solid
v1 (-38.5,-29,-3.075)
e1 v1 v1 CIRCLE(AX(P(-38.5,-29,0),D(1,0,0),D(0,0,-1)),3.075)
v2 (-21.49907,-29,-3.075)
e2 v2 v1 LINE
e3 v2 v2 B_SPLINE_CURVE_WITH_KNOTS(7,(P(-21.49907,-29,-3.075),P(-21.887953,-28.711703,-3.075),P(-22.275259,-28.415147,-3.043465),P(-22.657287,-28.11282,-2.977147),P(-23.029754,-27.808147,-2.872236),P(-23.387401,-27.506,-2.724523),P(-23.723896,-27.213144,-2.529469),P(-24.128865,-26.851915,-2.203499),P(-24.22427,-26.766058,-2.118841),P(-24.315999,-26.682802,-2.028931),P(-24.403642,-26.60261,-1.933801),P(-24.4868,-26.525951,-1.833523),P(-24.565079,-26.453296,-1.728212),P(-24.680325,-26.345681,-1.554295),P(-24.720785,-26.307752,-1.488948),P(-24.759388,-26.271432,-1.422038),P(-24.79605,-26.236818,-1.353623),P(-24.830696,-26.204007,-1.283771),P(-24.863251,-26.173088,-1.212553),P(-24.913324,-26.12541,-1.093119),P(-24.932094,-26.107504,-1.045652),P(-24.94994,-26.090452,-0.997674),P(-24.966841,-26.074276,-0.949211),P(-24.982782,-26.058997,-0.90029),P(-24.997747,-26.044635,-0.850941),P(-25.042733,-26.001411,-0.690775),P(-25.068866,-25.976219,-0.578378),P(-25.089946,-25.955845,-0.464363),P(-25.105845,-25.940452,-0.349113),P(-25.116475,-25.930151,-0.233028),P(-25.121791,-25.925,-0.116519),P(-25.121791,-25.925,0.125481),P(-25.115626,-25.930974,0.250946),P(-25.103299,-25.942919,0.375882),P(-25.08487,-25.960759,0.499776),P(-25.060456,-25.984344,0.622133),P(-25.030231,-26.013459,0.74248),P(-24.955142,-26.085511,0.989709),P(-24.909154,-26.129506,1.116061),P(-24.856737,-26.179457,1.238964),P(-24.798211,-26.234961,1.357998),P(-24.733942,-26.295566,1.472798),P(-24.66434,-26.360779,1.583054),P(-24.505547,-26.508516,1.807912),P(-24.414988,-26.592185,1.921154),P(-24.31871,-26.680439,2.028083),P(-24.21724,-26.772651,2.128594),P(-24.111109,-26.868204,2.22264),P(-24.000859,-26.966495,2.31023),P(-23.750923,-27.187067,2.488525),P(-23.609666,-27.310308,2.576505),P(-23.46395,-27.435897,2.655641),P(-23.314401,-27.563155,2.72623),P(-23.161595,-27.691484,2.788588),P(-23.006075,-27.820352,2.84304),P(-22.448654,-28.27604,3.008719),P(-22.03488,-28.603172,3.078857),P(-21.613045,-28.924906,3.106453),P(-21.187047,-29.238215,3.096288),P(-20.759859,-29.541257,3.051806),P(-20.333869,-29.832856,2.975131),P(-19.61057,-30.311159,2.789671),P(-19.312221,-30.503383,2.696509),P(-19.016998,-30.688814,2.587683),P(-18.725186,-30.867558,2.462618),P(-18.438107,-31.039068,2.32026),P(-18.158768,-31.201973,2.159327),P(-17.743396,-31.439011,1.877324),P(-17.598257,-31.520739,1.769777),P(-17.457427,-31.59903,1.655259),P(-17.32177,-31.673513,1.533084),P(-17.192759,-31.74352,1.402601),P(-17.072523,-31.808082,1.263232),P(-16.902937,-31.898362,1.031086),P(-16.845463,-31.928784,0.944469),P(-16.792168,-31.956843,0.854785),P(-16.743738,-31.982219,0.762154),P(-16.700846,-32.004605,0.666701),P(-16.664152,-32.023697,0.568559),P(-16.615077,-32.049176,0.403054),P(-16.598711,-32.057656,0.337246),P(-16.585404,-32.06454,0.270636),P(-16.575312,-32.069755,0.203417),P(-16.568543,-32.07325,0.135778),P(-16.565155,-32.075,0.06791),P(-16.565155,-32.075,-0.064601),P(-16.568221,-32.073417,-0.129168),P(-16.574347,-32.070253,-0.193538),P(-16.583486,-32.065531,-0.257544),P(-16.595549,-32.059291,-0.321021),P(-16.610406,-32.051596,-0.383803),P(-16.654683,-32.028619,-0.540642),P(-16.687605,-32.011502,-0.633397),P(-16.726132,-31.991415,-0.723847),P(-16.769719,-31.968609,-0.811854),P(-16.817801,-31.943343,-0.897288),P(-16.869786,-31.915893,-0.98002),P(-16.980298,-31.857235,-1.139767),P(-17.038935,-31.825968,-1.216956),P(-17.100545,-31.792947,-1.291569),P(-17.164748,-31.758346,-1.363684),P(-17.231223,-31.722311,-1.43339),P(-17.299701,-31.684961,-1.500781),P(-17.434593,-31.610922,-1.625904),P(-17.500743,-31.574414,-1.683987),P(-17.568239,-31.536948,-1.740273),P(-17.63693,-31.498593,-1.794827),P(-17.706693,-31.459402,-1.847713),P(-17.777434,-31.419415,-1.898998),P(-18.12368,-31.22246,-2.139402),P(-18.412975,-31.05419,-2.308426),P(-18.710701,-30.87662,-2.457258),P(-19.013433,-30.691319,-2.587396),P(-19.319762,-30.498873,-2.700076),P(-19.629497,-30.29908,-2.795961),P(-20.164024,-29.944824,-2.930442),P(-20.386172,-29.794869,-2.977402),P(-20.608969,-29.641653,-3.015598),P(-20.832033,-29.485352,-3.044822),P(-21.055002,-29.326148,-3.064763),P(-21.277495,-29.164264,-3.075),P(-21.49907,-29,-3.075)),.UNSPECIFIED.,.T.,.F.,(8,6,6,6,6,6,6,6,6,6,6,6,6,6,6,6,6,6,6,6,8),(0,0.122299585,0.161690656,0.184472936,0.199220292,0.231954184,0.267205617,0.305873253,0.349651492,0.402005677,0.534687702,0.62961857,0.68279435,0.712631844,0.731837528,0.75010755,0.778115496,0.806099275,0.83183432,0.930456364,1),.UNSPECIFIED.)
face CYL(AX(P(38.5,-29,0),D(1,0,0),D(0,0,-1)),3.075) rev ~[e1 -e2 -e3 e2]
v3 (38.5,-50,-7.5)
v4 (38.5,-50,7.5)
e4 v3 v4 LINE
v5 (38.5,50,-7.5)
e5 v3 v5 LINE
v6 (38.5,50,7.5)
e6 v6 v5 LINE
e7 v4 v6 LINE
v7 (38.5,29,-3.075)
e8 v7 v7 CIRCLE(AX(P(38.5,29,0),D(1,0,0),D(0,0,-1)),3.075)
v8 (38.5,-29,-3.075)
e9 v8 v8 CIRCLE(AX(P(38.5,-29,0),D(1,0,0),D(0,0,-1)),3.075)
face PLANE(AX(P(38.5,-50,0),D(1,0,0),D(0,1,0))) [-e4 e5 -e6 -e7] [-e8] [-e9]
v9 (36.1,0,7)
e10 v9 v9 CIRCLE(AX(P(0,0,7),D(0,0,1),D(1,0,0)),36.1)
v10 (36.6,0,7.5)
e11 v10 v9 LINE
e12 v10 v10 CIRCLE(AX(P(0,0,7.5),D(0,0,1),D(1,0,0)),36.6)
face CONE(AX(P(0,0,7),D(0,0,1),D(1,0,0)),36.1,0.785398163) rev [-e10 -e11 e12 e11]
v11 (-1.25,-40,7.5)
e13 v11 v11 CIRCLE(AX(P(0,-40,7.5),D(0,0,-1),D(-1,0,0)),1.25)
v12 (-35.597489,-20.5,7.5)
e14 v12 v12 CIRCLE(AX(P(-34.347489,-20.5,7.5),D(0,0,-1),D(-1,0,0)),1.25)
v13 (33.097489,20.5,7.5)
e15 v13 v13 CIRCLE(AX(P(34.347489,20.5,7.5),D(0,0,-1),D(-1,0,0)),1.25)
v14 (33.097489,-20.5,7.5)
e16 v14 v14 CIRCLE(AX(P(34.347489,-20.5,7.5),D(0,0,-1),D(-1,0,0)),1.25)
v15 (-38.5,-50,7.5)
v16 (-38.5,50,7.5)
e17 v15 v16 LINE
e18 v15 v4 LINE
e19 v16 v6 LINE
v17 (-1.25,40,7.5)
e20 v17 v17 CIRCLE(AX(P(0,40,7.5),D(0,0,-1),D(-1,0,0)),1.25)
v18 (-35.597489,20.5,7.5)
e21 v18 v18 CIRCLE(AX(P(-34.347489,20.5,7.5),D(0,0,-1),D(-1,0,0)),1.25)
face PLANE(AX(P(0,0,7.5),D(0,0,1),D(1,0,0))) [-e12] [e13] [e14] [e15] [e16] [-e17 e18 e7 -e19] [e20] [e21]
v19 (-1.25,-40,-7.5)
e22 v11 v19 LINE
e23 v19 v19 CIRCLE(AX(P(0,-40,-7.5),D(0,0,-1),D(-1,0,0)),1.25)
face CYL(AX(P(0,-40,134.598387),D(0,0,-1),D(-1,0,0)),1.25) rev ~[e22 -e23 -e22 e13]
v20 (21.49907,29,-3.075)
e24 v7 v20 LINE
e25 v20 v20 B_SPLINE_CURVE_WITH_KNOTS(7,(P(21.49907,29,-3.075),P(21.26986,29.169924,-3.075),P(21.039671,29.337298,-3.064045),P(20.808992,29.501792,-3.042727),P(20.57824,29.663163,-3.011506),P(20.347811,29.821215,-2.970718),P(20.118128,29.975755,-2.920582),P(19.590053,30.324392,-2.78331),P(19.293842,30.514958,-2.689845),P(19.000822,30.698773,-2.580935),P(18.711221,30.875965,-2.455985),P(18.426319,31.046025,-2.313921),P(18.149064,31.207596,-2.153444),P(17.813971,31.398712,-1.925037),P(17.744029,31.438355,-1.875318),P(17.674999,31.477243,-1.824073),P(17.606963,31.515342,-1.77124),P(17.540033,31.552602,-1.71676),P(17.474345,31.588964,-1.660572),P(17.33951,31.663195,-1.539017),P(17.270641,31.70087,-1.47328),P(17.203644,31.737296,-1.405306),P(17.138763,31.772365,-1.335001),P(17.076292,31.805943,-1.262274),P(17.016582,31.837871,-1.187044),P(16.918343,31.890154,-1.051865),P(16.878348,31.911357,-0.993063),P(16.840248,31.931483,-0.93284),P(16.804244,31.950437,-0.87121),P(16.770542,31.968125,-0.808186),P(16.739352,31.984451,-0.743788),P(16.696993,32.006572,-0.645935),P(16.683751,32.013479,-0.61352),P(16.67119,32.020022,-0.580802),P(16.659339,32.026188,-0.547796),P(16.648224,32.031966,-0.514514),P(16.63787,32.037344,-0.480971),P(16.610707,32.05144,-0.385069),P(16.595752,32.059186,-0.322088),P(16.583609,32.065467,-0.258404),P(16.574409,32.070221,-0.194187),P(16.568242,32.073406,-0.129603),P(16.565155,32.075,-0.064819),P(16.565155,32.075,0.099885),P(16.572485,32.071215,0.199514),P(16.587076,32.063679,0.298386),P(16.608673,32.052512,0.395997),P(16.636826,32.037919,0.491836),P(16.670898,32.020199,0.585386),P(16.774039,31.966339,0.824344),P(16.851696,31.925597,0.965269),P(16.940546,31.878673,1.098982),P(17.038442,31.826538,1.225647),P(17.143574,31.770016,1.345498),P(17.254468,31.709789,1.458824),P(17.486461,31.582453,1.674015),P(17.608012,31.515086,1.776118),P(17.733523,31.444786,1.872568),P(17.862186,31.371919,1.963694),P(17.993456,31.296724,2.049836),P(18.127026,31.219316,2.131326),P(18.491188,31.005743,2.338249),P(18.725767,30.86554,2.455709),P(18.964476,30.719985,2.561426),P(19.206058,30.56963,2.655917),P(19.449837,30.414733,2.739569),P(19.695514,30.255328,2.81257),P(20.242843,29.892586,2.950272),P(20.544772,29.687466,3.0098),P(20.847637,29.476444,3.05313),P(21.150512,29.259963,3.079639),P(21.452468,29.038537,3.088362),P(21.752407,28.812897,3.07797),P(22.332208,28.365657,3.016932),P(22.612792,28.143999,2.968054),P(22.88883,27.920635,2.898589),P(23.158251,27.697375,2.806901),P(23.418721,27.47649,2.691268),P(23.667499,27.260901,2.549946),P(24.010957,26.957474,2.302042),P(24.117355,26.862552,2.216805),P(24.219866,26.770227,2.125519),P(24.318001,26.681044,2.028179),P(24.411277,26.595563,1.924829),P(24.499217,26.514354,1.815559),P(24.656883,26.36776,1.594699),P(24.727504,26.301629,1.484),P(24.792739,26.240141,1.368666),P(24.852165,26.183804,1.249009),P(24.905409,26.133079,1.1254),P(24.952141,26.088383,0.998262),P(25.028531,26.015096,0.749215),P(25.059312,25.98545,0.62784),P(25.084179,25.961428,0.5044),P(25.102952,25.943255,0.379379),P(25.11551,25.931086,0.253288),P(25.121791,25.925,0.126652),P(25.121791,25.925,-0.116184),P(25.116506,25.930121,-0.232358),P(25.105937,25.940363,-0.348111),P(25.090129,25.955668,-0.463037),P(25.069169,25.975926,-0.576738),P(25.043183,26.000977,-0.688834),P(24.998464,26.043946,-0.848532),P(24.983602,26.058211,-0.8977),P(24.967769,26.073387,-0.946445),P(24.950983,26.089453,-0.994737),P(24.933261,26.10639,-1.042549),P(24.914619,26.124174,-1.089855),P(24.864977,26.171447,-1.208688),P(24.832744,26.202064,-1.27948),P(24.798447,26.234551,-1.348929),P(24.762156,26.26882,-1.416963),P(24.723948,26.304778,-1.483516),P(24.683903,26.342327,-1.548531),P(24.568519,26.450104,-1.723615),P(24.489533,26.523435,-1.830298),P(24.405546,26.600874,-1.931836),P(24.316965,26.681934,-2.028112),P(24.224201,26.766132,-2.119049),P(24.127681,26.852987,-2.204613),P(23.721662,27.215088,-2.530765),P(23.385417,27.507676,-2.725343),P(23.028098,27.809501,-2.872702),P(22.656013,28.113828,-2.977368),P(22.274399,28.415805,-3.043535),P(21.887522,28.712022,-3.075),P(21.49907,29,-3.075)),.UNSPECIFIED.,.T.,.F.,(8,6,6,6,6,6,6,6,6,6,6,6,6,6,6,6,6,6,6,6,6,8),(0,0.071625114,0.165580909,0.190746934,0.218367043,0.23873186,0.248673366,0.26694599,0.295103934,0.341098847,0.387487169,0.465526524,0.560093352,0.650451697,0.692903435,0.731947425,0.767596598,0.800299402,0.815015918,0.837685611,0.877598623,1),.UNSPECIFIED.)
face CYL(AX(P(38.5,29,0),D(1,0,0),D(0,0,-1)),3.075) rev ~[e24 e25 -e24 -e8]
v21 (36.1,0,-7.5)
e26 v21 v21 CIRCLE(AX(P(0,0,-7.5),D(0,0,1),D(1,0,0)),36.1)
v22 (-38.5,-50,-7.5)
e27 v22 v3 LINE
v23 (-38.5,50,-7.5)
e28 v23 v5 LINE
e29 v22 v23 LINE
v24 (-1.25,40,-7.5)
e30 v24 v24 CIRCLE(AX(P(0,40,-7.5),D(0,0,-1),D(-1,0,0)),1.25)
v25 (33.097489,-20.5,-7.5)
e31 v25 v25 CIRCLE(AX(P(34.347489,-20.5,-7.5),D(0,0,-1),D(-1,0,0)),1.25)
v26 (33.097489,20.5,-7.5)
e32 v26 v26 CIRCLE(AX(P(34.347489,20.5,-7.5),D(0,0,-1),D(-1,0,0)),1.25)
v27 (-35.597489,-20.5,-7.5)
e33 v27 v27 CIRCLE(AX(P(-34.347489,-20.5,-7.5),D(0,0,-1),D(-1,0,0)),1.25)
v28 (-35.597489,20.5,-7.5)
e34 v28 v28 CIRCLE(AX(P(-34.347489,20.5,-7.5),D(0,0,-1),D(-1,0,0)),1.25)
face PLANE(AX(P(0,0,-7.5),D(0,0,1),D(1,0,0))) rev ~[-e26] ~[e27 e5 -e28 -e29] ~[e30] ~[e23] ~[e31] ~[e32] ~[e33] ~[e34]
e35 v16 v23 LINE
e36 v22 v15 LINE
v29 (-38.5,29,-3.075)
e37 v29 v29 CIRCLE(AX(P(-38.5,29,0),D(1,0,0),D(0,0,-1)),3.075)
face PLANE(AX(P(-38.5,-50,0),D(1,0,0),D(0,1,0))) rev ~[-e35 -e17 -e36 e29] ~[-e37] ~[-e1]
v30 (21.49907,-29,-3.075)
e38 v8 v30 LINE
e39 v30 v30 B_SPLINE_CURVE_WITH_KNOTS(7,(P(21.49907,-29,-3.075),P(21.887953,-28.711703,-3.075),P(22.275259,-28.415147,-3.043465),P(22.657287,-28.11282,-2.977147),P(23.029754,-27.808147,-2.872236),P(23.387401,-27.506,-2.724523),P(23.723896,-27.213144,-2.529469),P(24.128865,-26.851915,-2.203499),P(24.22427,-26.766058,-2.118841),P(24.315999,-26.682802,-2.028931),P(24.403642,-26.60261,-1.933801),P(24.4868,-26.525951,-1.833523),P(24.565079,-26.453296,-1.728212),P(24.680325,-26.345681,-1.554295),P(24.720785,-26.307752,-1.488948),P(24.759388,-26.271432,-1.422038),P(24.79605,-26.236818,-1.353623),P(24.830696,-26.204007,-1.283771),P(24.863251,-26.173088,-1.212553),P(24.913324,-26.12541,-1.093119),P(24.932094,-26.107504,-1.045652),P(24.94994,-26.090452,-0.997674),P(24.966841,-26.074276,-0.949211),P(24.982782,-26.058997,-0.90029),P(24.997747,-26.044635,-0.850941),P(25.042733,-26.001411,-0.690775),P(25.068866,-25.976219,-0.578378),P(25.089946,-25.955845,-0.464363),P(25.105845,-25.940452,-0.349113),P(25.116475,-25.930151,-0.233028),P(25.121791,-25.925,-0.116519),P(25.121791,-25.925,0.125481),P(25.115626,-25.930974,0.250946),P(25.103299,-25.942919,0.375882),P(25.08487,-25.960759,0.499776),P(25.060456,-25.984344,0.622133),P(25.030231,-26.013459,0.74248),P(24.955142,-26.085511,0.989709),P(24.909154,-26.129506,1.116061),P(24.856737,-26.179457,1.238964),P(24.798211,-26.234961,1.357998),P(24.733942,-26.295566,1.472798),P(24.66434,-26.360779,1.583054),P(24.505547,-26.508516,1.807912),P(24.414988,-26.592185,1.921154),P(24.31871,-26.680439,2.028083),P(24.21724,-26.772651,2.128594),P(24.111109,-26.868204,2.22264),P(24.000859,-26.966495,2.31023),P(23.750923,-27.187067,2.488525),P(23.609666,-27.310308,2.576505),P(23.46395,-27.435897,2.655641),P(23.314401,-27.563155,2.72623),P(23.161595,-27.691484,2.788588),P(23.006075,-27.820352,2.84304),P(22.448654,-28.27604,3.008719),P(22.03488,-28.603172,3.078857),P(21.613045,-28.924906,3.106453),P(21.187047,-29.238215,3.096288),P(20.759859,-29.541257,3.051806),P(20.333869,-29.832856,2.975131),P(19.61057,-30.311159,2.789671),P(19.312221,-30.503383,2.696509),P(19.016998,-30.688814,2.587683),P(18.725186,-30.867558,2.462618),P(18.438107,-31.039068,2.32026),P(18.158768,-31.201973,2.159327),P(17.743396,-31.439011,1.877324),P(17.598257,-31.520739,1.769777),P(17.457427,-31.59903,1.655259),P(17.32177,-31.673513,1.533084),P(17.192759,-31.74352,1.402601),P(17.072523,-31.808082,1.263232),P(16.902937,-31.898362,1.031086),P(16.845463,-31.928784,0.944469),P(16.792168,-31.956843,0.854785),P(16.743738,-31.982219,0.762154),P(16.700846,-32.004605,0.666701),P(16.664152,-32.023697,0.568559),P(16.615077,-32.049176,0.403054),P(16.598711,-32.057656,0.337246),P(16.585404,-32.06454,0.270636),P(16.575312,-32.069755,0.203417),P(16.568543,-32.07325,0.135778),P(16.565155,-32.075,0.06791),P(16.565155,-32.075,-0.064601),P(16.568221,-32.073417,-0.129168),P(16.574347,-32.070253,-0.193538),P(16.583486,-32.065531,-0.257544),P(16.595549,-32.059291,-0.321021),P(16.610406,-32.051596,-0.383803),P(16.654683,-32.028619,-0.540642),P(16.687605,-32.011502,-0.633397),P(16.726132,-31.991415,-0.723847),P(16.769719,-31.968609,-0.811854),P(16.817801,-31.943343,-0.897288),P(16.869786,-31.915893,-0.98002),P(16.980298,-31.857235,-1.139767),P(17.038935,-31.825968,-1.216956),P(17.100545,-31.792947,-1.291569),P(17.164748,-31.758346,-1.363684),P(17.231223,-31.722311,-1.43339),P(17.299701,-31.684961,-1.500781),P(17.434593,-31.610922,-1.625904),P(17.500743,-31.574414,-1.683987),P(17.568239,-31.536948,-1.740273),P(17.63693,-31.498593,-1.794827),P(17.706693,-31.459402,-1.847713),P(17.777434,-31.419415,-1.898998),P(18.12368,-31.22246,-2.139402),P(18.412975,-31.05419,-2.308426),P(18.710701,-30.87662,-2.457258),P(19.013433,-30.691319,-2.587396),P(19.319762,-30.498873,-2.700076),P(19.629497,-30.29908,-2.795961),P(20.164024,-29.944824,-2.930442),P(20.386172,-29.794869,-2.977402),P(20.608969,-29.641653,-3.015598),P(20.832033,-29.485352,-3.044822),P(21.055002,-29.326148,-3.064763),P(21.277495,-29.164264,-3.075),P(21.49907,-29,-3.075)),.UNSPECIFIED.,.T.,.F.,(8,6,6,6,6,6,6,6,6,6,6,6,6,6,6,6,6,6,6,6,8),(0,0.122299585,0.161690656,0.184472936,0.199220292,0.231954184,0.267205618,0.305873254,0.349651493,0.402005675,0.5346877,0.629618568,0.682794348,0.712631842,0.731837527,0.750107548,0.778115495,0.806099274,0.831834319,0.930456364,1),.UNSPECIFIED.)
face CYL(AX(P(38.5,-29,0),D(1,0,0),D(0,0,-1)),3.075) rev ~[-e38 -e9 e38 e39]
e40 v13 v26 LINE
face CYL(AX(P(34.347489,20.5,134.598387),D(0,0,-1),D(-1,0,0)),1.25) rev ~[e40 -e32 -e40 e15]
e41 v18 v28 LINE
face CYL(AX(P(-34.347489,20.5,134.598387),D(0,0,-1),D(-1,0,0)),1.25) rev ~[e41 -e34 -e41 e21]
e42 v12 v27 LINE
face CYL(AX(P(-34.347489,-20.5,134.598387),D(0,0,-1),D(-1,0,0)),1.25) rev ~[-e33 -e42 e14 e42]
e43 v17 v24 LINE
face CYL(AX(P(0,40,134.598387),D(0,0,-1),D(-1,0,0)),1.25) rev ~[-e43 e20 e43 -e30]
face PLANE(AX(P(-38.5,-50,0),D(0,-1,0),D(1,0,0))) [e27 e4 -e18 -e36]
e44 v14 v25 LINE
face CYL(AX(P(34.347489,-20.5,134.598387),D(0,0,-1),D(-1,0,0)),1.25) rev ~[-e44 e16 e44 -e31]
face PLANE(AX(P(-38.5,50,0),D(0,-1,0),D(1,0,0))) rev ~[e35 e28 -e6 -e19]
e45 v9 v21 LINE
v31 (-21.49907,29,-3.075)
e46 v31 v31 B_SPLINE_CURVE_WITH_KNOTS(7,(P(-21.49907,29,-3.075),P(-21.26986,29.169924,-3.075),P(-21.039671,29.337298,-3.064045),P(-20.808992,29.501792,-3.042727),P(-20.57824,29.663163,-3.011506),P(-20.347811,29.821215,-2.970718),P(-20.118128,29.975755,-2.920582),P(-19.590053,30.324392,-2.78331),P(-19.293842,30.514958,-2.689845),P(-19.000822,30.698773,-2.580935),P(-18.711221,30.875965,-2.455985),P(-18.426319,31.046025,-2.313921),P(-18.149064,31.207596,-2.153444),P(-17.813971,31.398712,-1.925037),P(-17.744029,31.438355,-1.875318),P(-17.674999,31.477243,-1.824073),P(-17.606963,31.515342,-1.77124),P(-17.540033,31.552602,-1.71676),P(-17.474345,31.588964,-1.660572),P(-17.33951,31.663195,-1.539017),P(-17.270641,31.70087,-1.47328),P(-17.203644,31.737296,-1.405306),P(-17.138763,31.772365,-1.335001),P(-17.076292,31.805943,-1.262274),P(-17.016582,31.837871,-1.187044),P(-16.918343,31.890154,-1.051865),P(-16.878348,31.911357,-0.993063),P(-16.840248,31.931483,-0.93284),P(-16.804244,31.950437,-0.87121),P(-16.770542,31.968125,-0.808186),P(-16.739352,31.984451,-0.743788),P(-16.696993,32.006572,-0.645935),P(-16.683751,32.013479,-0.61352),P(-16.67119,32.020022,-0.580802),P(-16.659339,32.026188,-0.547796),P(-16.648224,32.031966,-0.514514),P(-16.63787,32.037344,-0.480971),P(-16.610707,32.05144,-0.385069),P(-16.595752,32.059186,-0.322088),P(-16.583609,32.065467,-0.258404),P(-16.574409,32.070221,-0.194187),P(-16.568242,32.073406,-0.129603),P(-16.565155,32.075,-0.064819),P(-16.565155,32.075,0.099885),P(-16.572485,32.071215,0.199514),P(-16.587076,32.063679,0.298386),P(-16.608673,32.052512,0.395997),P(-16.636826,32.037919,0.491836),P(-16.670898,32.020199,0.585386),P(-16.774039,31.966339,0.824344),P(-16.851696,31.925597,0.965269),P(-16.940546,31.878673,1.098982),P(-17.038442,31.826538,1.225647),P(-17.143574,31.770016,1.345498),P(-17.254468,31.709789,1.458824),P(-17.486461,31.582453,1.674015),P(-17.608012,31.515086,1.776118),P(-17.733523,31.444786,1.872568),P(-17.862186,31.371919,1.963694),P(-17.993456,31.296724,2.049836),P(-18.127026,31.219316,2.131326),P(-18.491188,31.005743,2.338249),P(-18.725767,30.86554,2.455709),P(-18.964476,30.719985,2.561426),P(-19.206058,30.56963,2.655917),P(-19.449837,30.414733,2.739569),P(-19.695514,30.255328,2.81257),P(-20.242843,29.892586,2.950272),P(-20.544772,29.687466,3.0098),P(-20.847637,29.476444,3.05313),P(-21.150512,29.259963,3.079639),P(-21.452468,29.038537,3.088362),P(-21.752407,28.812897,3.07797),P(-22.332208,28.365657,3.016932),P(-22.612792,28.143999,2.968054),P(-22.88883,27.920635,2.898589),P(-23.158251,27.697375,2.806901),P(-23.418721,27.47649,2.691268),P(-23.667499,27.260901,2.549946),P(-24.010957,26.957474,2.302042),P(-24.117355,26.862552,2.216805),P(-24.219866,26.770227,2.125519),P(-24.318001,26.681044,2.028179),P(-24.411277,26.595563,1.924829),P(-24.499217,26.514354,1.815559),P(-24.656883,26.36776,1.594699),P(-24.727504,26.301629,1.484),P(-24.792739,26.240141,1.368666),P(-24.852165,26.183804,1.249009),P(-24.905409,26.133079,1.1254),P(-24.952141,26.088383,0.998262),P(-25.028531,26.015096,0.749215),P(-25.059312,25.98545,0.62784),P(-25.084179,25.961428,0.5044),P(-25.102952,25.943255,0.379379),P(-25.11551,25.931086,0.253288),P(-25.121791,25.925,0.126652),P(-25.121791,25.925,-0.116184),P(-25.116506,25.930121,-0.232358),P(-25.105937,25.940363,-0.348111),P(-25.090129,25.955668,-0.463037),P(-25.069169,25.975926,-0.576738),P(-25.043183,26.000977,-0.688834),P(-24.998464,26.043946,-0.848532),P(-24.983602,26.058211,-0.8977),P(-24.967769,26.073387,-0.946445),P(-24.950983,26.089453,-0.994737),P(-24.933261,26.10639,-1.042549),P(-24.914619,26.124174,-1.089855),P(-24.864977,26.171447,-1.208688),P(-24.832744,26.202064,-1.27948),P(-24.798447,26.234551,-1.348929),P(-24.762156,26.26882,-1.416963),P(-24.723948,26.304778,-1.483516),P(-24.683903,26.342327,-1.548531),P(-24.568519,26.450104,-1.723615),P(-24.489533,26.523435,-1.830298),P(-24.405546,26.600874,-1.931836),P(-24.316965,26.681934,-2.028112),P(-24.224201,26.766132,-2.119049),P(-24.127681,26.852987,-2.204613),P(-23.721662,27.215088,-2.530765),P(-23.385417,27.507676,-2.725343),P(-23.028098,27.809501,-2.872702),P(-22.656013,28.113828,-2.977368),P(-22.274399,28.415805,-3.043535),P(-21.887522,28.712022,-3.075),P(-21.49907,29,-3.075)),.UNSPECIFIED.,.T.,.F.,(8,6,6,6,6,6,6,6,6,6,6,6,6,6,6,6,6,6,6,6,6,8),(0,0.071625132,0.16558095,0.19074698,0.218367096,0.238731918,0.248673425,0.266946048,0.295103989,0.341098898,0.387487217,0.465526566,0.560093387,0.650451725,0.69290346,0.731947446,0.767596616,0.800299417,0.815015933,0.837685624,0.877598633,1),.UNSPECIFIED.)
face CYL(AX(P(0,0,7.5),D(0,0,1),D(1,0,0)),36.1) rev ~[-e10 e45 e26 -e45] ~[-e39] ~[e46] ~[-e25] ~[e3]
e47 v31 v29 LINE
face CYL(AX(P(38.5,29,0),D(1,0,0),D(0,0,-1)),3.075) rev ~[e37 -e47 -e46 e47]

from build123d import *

# Parameters (mm, degrees)
SKIZZE1_W                       = 77
SKIZZE1_H                       = 100
AUFSATZ_LINEAR_AUSTRAGEN1_DEPTH = 7.5
SKIZZE2_R                       = 36.1
SCHNITT_LINEAR_AUSTRAGEN1_DEPTH = 65.863317831
SKIZZE3_R                       = 3.075
SCHNITT_LINEAR_AUSTRAGEN2_DEPTH = 93.115416734
FASE1_SIZE                      = 0.5
M3_GEWINDEBOHRUNG1_D            = 2.5


with BuildPart() as part:
    # Skizze1 → Aufsatz-Linear austragen1 (new, symmetric)
    with BuildSketch(Plane.XY):
        Rectangle(SKIZZE1_W, SKIZZE1_H)
    extrude(amount=AUFSATZ_LINEAR_AUSTRAGEN1_DEPTH, both=True)

    # Skizze2 → Schnitt-Linear austragen1 (cut, through all)
    with BuildSketch(Plane.XY.offset(7.5)):
        Circle(SKIZZE2_R)
    extrude(amount=-SCHNITT_LINEAR_AUSTRAGEN1_DEPTH, mode=Mode.SUBTRACT)

    # Skizze3 → Schnitt-Linear austragen2 (cut, through all)
    with BuildSketch(Plane(origin=(38.5, 0, 0), x_dir=(0, 0, -1), z_dir=(1, 0, 0))):
        with Locations((0, 29)):
            Circle(SKIZZE3_R)
        with Locations((0, -29)):
            Circle(SKIZZE3_R)
    extrude(amount=-SCHNITT_LINEAR_AUSTRAGEN2_DEPTH, mode=Mode.SUBTRACT)

    # Fase1
    fase1_edges = [part.edges().sort_by_distance(p)[0] for p in [
        (-36.1, 0, 7.5),
    ]]
    chamfer(fase1_edges, length=FASE1_SIZE)

    # M3 Gewindebohrung1 (through all)
    with Locations(Plane.XY.offset(7.5)):
        with Locations((-34.347488991, 20.5), (0, 40), (0, -40), (34.347488991, -20.5), (34.347488991, 20.5), (-34.347488991, -20.5)):
            Hole(M3_GEWINDEBOHRUNG1_D / 2)


solid = part.part
